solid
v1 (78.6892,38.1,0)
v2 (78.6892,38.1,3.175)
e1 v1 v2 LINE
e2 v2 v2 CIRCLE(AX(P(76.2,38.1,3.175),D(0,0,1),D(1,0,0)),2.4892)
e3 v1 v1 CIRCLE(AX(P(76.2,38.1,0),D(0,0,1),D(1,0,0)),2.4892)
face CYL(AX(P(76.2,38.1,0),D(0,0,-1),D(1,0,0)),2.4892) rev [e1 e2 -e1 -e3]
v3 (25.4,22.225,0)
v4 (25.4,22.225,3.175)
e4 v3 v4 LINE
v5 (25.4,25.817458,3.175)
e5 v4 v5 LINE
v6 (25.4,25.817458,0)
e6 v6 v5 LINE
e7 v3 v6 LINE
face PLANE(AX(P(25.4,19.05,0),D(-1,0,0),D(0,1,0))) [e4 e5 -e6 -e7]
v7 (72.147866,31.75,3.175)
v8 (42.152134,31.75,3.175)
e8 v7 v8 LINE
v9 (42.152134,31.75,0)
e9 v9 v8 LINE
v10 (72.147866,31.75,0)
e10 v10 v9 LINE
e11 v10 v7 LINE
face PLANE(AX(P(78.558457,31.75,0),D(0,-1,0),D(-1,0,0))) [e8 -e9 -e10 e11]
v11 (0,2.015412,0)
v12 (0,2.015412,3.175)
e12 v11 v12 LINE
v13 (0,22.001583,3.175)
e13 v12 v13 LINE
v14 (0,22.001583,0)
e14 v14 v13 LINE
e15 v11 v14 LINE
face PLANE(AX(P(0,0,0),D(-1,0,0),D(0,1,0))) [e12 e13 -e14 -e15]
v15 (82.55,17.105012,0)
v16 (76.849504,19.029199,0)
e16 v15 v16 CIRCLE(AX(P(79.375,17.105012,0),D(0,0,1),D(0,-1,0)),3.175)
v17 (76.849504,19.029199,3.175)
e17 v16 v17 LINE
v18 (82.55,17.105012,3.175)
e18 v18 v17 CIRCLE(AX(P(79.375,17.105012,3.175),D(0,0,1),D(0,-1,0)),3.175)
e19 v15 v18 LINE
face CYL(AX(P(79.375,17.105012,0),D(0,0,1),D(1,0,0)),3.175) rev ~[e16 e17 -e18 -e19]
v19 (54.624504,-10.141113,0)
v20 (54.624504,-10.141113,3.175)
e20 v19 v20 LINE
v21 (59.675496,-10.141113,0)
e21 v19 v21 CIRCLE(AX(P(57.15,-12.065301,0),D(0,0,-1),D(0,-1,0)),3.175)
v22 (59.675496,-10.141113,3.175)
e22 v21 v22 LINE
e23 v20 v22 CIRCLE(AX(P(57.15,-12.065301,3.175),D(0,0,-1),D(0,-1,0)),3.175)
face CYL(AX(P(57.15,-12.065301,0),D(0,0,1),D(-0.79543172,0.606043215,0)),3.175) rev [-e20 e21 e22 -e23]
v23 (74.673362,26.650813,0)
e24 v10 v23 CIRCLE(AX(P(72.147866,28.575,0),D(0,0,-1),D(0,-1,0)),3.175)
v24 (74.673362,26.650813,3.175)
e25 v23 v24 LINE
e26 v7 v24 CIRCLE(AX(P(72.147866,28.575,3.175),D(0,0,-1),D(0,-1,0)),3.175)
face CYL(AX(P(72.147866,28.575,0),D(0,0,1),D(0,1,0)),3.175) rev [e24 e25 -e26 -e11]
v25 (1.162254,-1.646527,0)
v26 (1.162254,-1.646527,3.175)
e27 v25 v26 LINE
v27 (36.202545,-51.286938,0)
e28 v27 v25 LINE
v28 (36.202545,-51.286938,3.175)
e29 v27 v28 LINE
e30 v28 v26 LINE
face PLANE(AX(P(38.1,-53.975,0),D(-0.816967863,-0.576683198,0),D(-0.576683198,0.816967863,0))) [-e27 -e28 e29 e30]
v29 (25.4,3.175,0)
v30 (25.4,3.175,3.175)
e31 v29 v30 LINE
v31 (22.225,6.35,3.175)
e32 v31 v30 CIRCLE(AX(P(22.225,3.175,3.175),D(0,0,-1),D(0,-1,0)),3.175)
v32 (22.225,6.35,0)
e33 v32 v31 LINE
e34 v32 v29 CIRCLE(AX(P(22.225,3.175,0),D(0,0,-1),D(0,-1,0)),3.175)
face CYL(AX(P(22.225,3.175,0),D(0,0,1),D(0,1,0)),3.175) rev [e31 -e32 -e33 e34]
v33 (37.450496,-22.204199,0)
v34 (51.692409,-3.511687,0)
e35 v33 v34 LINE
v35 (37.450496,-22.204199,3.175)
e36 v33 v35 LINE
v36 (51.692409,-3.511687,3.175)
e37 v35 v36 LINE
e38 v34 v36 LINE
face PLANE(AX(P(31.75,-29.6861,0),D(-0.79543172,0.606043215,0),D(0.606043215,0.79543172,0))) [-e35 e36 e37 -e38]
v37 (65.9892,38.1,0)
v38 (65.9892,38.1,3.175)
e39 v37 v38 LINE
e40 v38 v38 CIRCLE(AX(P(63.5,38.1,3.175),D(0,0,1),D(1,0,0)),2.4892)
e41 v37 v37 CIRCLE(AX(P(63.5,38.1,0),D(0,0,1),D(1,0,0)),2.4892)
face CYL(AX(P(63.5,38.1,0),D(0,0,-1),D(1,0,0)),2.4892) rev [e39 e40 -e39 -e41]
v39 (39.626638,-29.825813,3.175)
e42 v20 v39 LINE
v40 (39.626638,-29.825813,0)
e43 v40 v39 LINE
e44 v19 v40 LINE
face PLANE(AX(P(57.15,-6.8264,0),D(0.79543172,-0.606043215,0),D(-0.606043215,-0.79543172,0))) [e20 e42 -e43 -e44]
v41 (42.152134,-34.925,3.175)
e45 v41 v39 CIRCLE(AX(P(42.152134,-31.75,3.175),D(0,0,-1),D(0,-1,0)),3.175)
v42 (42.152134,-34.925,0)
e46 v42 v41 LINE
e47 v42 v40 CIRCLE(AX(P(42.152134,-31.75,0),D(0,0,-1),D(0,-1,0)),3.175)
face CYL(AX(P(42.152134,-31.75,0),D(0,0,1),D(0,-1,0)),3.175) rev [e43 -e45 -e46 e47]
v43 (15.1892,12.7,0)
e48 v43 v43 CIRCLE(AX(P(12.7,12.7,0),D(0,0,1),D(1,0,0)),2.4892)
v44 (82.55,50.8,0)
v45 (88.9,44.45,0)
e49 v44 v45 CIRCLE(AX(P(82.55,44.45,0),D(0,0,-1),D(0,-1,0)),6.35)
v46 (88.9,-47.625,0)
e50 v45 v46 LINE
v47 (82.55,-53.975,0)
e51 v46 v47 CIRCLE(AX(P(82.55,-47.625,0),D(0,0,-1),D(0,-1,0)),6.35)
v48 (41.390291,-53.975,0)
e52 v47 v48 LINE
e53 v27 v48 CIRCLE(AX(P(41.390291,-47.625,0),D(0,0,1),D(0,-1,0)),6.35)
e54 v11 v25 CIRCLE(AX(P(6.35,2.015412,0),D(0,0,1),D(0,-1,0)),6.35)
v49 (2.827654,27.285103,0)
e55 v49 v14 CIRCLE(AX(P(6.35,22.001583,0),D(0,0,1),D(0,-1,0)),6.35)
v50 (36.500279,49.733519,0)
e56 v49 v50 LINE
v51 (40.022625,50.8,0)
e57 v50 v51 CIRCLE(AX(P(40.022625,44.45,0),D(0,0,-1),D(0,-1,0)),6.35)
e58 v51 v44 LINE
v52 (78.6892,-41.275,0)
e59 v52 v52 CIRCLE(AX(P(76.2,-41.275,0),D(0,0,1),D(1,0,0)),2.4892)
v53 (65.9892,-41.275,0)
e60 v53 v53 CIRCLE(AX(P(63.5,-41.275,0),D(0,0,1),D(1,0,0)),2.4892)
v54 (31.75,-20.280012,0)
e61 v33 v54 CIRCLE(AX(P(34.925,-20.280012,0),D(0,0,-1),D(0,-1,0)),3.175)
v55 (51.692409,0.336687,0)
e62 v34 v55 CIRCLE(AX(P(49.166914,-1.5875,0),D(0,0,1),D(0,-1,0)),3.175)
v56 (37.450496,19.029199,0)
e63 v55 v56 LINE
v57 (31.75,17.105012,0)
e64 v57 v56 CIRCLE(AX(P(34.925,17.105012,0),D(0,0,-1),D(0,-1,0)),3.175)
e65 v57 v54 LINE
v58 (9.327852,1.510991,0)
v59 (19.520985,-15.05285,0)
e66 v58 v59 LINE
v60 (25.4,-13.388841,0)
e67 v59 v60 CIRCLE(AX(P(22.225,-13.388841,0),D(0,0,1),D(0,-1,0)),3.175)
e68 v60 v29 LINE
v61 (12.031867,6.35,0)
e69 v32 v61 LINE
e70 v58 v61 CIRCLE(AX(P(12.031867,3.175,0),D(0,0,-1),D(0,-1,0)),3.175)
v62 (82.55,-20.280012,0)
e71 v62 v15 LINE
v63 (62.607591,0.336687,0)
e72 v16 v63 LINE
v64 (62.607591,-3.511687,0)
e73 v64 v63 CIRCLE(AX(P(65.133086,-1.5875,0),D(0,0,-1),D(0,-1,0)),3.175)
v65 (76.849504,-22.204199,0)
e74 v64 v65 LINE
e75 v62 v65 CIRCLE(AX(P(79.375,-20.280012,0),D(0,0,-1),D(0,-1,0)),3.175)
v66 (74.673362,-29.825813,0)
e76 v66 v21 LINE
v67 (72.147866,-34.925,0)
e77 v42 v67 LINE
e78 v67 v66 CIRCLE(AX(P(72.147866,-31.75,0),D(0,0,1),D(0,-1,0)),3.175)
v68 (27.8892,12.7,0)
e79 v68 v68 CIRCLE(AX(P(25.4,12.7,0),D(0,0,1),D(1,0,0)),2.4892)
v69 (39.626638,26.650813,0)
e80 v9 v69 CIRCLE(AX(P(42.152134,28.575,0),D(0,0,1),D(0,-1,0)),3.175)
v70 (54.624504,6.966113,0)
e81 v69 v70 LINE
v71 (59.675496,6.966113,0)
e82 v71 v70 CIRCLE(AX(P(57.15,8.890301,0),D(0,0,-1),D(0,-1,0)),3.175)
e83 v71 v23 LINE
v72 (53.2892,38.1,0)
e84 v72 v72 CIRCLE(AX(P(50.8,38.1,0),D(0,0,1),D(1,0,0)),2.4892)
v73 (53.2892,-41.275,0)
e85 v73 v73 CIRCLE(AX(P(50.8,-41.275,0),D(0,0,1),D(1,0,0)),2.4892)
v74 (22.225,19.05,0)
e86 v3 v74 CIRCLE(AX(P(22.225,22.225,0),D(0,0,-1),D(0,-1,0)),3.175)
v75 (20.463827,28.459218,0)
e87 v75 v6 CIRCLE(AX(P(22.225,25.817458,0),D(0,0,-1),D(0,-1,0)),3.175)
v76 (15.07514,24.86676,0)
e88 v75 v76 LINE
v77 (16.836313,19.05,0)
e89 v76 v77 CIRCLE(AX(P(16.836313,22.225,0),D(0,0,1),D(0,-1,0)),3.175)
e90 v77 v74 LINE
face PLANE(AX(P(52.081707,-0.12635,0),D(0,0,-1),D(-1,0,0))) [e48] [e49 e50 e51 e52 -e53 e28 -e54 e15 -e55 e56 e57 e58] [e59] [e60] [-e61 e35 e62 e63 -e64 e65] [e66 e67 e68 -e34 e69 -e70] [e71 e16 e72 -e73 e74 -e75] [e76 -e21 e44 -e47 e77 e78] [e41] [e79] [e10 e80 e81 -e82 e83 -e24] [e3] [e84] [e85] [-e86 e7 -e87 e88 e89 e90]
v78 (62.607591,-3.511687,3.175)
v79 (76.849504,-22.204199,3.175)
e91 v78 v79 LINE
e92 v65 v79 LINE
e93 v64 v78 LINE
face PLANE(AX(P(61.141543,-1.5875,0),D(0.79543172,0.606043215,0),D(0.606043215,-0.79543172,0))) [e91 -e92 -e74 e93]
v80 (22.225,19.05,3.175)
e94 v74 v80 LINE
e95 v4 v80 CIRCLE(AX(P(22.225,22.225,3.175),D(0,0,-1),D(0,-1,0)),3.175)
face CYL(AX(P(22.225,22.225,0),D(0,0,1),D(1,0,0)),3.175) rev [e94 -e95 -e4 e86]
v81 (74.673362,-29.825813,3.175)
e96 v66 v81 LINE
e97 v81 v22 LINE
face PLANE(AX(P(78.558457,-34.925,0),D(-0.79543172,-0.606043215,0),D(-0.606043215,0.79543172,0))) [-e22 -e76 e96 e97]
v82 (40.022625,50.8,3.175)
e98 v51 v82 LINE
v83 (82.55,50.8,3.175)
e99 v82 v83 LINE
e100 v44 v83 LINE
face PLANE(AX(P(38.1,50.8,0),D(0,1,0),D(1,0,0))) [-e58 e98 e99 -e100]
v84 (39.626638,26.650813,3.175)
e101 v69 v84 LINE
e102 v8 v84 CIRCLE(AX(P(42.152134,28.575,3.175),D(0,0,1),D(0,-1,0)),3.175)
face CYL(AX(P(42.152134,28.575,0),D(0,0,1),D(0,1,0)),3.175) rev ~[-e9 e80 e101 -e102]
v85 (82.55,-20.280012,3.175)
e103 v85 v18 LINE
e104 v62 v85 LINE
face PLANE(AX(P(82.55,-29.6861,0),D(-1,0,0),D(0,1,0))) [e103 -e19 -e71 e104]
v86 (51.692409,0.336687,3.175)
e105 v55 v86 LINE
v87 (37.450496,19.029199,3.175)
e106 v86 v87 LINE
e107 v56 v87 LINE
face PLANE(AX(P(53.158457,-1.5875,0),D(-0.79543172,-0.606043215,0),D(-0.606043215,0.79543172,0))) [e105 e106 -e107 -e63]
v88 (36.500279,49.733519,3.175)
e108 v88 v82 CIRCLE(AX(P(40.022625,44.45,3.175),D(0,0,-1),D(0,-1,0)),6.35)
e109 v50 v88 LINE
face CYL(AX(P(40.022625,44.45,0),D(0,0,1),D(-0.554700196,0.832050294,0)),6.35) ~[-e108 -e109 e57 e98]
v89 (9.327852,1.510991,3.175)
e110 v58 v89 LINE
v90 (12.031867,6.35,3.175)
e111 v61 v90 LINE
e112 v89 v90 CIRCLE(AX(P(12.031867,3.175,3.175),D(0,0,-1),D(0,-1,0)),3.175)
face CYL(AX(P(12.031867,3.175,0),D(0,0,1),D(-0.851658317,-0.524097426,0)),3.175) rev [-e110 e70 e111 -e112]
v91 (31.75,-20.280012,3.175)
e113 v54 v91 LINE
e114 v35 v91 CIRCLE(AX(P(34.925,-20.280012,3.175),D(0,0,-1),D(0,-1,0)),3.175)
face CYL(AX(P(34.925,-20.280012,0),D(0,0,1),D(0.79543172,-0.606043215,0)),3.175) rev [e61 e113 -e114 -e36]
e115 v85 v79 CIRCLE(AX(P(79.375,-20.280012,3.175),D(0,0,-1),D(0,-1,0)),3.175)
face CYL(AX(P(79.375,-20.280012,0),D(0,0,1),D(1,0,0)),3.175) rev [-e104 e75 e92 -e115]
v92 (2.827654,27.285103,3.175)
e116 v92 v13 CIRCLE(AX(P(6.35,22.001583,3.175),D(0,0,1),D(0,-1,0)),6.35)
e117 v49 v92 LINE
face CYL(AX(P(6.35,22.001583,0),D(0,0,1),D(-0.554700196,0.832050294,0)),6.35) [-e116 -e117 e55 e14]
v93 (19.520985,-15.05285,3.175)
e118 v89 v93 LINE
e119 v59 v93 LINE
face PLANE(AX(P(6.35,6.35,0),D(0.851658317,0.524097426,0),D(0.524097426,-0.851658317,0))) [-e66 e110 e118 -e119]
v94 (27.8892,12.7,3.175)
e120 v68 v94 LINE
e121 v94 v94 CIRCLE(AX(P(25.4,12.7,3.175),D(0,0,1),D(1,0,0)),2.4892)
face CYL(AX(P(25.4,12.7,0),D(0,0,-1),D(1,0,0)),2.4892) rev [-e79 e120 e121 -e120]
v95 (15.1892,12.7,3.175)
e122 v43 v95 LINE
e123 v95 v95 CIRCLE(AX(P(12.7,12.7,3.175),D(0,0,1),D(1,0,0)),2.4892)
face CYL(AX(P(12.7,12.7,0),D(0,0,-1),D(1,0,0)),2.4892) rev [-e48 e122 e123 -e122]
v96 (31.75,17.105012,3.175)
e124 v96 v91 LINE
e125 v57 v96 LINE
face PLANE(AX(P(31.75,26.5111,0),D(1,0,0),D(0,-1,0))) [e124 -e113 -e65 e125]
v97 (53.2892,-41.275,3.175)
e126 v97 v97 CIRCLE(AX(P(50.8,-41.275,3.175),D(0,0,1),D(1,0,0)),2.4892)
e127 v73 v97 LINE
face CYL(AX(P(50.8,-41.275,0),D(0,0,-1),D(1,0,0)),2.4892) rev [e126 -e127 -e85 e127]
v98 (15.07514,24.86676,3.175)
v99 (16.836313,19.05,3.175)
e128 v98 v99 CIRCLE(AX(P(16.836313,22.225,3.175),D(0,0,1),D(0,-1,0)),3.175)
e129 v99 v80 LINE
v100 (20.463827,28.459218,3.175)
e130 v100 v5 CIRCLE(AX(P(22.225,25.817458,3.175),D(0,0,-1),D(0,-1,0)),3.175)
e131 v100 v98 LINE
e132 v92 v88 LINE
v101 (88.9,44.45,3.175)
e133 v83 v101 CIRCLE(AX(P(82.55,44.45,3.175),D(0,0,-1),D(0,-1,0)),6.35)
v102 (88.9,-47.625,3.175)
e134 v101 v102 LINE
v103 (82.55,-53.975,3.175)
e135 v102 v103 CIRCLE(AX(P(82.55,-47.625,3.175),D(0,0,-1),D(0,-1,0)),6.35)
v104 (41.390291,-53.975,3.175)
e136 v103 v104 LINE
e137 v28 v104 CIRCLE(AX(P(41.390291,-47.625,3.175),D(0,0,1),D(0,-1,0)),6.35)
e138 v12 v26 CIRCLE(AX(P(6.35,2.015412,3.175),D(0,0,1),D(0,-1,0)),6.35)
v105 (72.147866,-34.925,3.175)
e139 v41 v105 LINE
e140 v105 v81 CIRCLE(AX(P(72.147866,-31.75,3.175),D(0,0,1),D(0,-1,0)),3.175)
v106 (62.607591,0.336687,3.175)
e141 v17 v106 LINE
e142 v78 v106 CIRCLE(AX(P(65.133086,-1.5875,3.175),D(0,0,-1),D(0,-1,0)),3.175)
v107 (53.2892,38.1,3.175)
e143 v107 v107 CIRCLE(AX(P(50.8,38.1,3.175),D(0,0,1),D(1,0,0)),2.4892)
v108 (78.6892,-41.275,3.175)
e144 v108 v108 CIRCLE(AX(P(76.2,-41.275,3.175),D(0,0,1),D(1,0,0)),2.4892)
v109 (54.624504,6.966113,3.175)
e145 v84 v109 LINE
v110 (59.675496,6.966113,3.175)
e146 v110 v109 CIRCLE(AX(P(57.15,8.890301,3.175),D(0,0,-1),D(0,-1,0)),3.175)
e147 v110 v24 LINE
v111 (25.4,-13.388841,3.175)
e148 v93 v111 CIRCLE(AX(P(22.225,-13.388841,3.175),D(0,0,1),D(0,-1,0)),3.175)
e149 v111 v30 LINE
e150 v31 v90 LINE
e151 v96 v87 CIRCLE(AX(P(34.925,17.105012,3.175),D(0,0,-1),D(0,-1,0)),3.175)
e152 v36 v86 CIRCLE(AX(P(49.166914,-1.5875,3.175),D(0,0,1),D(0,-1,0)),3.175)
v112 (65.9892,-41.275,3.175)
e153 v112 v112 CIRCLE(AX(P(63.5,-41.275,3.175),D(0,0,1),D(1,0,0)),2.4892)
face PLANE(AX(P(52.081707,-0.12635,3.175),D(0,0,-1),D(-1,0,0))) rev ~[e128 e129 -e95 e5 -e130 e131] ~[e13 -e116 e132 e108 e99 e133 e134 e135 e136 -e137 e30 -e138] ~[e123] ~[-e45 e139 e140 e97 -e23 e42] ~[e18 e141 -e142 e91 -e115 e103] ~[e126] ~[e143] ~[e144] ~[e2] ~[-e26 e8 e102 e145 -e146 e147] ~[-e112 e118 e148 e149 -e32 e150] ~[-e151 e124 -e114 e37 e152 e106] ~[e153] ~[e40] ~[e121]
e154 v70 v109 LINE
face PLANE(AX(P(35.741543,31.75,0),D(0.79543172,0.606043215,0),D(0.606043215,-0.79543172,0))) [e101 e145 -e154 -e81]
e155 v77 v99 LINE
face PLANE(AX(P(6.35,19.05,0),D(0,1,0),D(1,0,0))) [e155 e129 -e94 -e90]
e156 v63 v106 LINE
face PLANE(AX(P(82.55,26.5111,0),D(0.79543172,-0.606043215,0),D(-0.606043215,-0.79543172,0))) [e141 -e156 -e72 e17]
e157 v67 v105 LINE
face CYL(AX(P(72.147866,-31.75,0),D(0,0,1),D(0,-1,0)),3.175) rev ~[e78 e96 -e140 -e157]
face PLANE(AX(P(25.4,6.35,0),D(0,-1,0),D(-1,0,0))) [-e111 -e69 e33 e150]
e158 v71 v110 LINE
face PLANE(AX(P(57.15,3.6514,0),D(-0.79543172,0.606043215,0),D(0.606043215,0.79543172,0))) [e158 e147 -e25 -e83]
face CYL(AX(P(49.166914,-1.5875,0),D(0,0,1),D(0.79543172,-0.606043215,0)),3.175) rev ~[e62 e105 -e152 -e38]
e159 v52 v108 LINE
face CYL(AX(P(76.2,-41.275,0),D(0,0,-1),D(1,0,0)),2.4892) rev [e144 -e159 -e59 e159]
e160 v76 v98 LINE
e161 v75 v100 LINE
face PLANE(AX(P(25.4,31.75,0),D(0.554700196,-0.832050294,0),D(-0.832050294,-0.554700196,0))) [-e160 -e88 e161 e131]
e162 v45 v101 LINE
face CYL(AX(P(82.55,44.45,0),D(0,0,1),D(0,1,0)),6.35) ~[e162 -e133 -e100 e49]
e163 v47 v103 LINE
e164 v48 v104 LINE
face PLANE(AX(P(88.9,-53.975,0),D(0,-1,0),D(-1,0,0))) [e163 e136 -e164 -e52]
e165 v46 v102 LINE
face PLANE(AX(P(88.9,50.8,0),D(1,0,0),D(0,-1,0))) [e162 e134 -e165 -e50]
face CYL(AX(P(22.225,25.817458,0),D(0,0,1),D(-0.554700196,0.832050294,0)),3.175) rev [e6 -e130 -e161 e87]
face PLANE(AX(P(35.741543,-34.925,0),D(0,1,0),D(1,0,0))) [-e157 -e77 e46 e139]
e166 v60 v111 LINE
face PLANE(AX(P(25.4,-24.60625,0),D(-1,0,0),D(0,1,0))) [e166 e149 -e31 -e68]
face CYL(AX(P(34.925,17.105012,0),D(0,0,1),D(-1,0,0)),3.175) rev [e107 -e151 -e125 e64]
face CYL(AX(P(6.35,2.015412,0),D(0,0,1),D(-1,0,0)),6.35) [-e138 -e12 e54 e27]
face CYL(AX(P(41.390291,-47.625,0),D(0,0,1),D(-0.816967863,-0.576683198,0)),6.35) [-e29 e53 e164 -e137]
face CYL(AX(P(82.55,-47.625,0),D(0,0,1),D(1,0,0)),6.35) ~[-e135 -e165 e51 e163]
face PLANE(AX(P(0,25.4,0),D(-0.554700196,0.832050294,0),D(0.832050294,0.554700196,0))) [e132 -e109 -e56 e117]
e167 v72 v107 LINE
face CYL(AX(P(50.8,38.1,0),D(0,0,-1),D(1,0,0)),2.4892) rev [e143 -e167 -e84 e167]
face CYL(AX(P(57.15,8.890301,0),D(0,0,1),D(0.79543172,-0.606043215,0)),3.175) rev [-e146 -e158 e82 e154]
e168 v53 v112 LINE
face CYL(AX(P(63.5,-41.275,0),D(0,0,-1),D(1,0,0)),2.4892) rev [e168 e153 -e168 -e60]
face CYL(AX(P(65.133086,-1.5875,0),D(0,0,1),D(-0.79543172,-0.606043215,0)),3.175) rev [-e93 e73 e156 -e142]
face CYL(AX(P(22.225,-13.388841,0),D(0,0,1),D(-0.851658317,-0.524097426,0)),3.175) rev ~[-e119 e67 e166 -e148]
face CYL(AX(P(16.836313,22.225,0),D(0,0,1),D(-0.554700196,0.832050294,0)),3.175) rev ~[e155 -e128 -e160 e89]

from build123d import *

# Parameters (mm, degrees)
SKETCH1_R           = 2.4892
BOSS_EXTRUDE1_DEPTH = 3.175
FILLET1_R           = 6.35
CUT_EXTRUDE1_DEPTH  = 105.050907012
FILLET3_R           = 3.175


with BuildPart() as part:
    # Sketch1 → Boss-Extrude1 (new body)
    with BuildSketch(Plane.XY):
        Polygon((0, 25.4), (38.1, 50.8), (88.9, 50.8), (88.9, -53.975), (38.1, -53.975), (0, 0), align=None)
        with Locations((12.7, 12.7)):
            Circle(SKETCH1_R, mode=Mode.SUBTRACT)
        with Locations((25.4, 12.7)):
            Circle(SKETCH1_R, mode=Mode.SUBTRACT)
        with Locations((50.8, 38.1)):
            Circle(SKETCH1_R, mode=Mode.SUBTRACT)
        with Locations((63.5, 38.1)):
            Circle(SKETCH1_R, mode=Mode.SUBTRACT)
        with Locations((76.2, 38.1)):
            Circle(SKETCH1_R, mode=Mode.SUBTRACT)
        with Locations((50.8, -41.275)):
            Circle(SKETCH1_R, mode=Mode.SUBTRACT)
        with Locations((76.2, -41.275)):
            Circle(SKETCH1_R, mode=Mode.SUBTRACT)
        with Locations((63.5, -41.275)):
            Circle(SKETCH1_R, mode=Mode.SUBTRACT)
    extrude(amount=BOSS_EXTRUDE1_DEPTH)

    # Fillet1
    fillet1_edges = [part.edges().sort_by_distance(p)[0] for p in [
        (0, 0, 1.5875),
        (0, 25.4, 1.5875),
        (38.1, 50.8, 1.5875),
        (88.9, 50.8, 1.5875),
        (88.9, -53.975, 1.5875),
        (38.1, -53.975, 1.5875),
    ]]
    fillet(fillet1_edges, radius=FILLET1_R)

    # Sketch2 → Cut-Extrude1 (cut, through all)
    with BuildSketch(Plane.XY):
        Polygon((25.4, -24.60625), (25.4, 6.35), (6.35, 6.35), align=None)
        Polygon((53.158456892, -1.5875), (31.75, 26.511099671), (31.75, 6.35), (31.75, -29.686099671), align=None)
        Polygon((78.558456892, -34.925), (57.15, -6.826400329), (35.741543108, -34.925), align=None)
        Polygon((82.55, 26.511099671), (61.141543108, -1.5875), (82.55, -29.686099671), align=None)
        Polygon((35.741543108, 31.75), (57.15, 3.651400329), (78.558456892, 31.75), align=None)
        Polygon((6.35, 19.05), (25.4, 19.05), (25.4, 31.75), align=None)
    extrude(amount=CUT_EXTRUDE1_DEPTH, mode=Mode.SUBTRACT)

    # Fillet3
    fillet3_edges = [part.edges().sort_by_distance(p)[0] for p in [
        (25.4, 31.75, 1.5875),
        (6.35, 19.05, 1.5875),
        (25.4, 19.05, 1.5875),
        (57.15, -6.826400329, 1.5875),
        (35.741543108, -34.925, 1.5875),
        (78.558456892, -34.925, 1.5875),
        (53.158456892, -1.5875, 1.5875),
        (31.75, 26.511099671, 1.5875),
        (31.75, -29.686099671, 1.5875),
        (78.558456892, 31.75, 1.5875),
        (35.741543108, 31.75, 1.5875),
        (57.15, 3.651400329, 1.5875),
        (82.55, -29.686099671, 1.5875),
        (82.55, 26.511099671, 1.5875),
        (61.141543108, -1.5875, 1.5875),
        (25.4, -24.60625, 1.5875),
        (25.4, 6.35, 1.5875),
        (6.35, 6.35, 1.5875),
    ]]
    fillet(fillet3_edges, radius=FILLET3_R)


solid = part.part
